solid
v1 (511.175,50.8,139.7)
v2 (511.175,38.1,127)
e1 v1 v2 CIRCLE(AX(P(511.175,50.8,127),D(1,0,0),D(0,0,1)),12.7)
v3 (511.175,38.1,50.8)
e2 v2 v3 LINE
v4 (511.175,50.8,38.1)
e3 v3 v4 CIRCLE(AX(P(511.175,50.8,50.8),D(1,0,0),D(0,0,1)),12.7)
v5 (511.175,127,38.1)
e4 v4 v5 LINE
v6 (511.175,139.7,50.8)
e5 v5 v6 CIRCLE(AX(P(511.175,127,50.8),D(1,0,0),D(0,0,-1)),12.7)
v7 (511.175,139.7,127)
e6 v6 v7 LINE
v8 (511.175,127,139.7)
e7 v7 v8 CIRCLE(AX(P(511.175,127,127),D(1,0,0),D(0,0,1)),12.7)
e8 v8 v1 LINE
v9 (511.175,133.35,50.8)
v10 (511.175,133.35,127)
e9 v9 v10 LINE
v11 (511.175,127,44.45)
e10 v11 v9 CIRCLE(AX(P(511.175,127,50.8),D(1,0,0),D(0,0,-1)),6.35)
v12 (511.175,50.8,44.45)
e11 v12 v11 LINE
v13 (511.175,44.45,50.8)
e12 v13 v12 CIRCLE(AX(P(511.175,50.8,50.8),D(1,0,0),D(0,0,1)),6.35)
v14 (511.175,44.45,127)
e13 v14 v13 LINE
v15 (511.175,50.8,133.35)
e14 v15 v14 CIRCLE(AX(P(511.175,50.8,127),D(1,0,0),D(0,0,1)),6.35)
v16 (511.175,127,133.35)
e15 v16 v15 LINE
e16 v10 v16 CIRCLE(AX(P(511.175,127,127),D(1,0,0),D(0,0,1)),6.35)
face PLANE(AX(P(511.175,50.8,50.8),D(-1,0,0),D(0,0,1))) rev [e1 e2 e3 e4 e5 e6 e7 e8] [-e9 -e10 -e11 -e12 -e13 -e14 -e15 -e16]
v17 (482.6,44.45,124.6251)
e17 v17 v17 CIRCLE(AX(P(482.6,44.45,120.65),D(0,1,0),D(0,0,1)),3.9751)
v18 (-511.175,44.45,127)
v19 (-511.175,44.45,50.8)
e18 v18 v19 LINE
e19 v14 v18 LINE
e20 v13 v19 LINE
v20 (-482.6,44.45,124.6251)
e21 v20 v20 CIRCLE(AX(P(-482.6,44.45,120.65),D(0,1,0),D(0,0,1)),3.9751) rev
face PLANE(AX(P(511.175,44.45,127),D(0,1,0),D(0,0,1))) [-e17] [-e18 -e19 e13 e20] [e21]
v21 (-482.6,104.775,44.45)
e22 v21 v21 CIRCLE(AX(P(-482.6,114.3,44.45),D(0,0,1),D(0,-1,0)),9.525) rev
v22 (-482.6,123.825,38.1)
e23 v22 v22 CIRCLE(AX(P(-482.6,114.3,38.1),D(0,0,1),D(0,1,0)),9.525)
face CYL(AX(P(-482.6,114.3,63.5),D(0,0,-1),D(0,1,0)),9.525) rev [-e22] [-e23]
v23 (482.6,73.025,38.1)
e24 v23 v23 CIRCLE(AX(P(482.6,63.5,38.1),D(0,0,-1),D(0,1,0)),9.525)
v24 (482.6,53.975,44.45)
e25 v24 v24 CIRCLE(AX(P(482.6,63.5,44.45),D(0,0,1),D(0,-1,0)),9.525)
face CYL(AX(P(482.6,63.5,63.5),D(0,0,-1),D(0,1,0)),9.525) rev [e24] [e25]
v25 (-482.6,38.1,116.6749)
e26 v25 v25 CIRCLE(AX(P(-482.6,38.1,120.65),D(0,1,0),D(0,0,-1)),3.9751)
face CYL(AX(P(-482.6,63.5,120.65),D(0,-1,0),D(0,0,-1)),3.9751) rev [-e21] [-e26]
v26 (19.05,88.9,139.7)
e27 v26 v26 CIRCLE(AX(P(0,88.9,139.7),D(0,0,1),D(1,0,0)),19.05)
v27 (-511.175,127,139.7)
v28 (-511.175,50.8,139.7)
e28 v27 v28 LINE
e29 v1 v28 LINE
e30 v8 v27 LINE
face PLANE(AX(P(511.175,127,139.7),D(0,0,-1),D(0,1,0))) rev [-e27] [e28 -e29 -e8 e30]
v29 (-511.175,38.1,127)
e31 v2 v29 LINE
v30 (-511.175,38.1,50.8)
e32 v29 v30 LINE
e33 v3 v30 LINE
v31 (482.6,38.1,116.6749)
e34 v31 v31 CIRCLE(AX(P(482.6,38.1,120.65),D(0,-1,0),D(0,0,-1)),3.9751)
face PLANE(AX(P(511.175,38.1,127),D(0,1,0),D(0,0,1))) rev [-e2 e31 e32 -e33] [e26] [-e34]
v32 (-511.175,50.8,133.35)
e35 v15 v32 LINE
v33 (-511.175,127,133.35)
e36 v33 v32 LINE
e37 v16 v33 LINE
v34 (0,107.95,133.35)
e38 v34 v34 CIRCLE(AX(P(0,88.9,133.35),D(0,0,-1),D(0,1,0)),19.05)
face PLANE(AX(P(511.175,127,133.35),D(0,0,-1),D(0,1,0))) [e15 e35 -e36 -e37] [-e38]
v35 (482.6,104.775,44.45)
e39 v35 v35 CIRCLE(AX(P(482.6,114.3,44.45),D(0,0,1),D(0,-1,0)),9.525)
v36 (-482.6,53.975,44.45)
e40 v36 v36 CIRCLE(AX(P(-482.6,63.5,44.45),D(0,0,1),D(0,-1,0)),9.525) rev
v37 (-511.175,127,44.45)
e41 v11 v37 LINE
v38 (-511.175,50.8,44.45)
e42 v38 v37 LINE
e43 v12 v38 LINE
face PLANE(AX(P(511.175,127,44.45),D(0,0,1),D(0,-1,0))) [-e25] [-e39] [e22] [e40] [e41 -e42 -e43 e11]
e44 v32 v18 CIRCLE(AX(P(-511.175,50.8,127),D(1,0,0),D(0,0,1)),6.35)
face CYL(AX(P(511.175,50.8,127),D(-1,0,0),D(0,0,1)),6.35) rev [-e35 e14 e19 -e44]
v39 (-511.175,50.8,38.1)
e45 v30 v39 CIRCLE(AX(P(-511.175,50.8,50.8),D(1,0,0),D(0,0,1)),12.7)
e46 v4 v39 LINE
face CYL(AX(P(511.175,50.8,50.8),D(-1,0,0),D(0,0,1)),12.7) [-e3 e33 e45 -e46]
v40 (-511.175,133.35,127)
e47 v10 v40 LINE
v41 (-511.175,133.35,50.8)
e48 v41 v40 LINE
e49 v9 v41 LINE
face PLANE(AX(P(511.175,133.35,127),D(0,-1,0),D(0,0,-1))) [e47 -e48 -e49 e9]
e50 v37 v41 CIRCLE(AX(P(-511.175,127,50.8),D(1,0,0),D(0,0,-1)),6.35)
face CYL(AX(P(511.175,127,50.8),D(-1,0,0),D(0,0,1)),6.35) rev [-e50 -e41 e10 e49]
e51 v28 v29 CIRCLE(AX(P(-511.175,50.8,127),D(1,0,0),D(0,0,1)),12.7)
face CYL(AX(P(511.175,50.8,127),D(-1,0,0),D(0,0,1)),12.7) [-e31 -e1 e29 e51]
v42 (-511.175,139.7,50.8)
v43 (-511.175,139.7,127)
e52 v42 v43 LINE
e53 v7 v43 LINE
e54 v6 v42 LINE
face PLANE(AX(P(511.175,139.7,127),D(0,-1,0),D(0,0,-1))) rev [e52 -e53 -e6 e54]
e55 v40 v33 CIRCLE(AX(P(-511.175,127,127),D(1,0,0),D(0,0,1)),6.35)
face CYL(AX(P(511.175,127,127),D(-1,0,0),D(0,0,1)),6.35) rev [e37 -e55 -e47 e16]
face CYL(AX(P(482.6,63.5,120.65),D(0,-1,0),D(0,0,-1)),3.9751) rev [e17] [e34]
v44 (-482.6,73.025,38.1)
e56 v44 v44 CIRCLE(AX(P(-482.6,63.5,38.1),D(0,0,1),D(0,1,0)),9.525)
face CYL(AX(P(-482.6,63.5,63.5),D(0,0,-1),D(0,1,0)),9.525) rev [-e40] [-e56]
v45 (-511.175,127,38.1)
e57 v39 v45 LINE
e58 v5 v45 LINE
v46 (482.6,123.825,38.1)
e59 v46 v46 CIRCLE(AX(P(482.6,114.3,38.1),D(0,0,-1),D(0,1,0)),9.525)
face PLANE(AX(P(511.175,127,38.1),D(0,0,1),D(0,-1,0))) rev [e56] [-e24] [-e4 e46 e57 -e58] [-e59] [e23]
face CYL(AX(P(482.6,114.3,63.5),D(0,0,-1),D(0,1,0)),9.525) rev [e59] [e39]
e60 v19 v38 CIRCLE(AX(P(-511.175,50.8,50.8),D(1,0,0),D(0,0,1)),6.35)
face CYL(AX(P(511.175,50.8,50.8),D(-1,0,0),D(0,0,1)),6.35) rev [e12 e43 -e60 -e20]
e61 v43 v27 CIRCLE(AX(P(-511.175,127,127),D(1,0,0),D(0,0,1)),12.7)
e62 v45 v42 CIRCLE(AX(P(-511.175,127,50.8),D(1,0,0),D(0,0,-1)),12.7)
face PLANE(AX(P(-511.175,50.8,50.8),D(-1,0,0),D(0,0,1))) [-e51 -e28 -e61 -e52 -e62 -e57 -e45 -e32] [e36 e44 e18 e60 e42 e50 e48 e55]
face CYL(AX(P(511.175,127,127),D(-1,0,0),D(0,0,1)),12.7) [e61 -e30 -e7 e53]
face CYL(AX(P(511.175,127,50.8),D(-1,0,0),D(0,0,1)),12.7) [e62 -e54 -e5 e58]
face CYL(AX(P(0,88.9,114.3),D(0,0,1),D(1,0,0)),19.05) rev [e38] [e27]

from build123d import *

# Parameters (mm, degrees)
BASE_EXTRUDE_DEPTH = 511.175
SKETCH3_R          = 19.05
CUT_EXTRUDE1_DEPTH = 25.4
SKETCH4_R          = 9.525
CUT_EXTRUDE2_DEPTH = 25.4
SKETCH5_R          = 3.9751
CUT_EXTRUDE3_DEPTH = 25.4


with BuildPart() as part:
    # Sketch1 → Base-Extrude (new, symmetric)
    with BuildSketch(Plane(origin=(0, 0, 0), x_dir=(0, 0, -1), z_dir=(1, 0, 0))):
        with BuildLine():
            Line((-127, 139.7), (-50.8, 139.7))
            ThreePointArc((-50.8, 139.7), (-41.819743879, 135.980256121), (-38.1, 127))
            Line((-38.1, 127), (-38.1, 50.8))
            ThreePointArc((-38.1, 50.8), (-41.819743879, 41.819743879), (-50.8, 38.1))
            Line((-50.8, 38.1), (-127, 38.1))
            ThreePointArc((-127, 38.1), (-135.980256121, 41.819743879), (-139.7, 50.8))
            Line((-139.7, 50.8), (-139.7, 127))
            ThreePointArc((-139.7, 127), (-135.980256121, 135.980256121), (-127, 139.7))
        make_face()
        with BuildLine():
            Line((-127, 133.35), (-50.8, 133.35))
            ThreePointArc((-50.8, 133.35), (-46.309871939, 131.490128061), (-44.45, 127))
            Line((-44.45, 127), (-44.45, 50.8))
            ThreePointArc((-44.45, 50.8), (-46.309871939, 46.309871939), (-50.8, 44.45))
            Line((-50.8, 44.45), (-127, 44.45))
            ThreePointArc((-127, 44.45), (-131.490128061, 46.309871939), (-133.35, 50.8))
            Line((-133.35, 50.8), (-133.35, 127))
            ThreePointArc((-133.35, 127), (-131.490128061, 131.490128061), (-127, 133.35))
        make_face(mode=Mode.SUBTRACT)
    extrude(amount=BASE_EXTRUDE_DEPTH, both=True)

    # Sketch3 → Cut-Extrude1 (cut)
    with BuildSketch(Plane.XY.offset(139.7)):
        with Locations((0, 88.9)):
            Circle(SKETCH3_R)
    extrude(amount=-CUT_EXTRUDE1_DEPTH, mode=Mode.SUBTRACT)

    # Sketch4 → Cut-Extrude2 (cut)
    with BuildSketch(Plane(origin=(0, 0, 38.1), x_dir=(-1, 0, 0), z_dir=(0, 0, -1))):
        with Locations(Location((-482.6, 63.5, 0), (0, 0, 90))):
            Circle(SKETCH4_R)
        with Locations(Location((-482.6, 114.3, 0), (0, 0, 90))):
            Circle(SKETCH4_R)
    cut_extrude2 = extrude(amount=-CUT_EXTRUDE2_DEPTH, mode=Mode.SUBTRACT)

    # Sketch5 → Cut-Extrude3 (cut)
    with BuildSketch(Plane.XZ.offset(-38.1)):
        with Locations(Location((482.6, 120.65, 0), (0, 0, 270))):
            Circle(SKETCH5_R)
    cut_extrude3 = extrude(amount=-CUT_EXTRUDE3_DEPTH, mode=Mode.SUBTRACT)

    # Mirror1: Cut-Extrude2, Cut-Extrude3 across plane
    add(cut_extrude2.mirror(Plane(origin=(0, 0, 0), x_dir=(0, 0, 1), z_dir=(1, 0, 0))), mode=Mode.SUBTRACT)
    add(cut_extrude3.mirror(Plane(origin=(0, 0, 0), x_dir=(0, 0, 1), z_dir=(1, 0, 0))), mode=Mode.SUBTRACT)


solid = part.part
